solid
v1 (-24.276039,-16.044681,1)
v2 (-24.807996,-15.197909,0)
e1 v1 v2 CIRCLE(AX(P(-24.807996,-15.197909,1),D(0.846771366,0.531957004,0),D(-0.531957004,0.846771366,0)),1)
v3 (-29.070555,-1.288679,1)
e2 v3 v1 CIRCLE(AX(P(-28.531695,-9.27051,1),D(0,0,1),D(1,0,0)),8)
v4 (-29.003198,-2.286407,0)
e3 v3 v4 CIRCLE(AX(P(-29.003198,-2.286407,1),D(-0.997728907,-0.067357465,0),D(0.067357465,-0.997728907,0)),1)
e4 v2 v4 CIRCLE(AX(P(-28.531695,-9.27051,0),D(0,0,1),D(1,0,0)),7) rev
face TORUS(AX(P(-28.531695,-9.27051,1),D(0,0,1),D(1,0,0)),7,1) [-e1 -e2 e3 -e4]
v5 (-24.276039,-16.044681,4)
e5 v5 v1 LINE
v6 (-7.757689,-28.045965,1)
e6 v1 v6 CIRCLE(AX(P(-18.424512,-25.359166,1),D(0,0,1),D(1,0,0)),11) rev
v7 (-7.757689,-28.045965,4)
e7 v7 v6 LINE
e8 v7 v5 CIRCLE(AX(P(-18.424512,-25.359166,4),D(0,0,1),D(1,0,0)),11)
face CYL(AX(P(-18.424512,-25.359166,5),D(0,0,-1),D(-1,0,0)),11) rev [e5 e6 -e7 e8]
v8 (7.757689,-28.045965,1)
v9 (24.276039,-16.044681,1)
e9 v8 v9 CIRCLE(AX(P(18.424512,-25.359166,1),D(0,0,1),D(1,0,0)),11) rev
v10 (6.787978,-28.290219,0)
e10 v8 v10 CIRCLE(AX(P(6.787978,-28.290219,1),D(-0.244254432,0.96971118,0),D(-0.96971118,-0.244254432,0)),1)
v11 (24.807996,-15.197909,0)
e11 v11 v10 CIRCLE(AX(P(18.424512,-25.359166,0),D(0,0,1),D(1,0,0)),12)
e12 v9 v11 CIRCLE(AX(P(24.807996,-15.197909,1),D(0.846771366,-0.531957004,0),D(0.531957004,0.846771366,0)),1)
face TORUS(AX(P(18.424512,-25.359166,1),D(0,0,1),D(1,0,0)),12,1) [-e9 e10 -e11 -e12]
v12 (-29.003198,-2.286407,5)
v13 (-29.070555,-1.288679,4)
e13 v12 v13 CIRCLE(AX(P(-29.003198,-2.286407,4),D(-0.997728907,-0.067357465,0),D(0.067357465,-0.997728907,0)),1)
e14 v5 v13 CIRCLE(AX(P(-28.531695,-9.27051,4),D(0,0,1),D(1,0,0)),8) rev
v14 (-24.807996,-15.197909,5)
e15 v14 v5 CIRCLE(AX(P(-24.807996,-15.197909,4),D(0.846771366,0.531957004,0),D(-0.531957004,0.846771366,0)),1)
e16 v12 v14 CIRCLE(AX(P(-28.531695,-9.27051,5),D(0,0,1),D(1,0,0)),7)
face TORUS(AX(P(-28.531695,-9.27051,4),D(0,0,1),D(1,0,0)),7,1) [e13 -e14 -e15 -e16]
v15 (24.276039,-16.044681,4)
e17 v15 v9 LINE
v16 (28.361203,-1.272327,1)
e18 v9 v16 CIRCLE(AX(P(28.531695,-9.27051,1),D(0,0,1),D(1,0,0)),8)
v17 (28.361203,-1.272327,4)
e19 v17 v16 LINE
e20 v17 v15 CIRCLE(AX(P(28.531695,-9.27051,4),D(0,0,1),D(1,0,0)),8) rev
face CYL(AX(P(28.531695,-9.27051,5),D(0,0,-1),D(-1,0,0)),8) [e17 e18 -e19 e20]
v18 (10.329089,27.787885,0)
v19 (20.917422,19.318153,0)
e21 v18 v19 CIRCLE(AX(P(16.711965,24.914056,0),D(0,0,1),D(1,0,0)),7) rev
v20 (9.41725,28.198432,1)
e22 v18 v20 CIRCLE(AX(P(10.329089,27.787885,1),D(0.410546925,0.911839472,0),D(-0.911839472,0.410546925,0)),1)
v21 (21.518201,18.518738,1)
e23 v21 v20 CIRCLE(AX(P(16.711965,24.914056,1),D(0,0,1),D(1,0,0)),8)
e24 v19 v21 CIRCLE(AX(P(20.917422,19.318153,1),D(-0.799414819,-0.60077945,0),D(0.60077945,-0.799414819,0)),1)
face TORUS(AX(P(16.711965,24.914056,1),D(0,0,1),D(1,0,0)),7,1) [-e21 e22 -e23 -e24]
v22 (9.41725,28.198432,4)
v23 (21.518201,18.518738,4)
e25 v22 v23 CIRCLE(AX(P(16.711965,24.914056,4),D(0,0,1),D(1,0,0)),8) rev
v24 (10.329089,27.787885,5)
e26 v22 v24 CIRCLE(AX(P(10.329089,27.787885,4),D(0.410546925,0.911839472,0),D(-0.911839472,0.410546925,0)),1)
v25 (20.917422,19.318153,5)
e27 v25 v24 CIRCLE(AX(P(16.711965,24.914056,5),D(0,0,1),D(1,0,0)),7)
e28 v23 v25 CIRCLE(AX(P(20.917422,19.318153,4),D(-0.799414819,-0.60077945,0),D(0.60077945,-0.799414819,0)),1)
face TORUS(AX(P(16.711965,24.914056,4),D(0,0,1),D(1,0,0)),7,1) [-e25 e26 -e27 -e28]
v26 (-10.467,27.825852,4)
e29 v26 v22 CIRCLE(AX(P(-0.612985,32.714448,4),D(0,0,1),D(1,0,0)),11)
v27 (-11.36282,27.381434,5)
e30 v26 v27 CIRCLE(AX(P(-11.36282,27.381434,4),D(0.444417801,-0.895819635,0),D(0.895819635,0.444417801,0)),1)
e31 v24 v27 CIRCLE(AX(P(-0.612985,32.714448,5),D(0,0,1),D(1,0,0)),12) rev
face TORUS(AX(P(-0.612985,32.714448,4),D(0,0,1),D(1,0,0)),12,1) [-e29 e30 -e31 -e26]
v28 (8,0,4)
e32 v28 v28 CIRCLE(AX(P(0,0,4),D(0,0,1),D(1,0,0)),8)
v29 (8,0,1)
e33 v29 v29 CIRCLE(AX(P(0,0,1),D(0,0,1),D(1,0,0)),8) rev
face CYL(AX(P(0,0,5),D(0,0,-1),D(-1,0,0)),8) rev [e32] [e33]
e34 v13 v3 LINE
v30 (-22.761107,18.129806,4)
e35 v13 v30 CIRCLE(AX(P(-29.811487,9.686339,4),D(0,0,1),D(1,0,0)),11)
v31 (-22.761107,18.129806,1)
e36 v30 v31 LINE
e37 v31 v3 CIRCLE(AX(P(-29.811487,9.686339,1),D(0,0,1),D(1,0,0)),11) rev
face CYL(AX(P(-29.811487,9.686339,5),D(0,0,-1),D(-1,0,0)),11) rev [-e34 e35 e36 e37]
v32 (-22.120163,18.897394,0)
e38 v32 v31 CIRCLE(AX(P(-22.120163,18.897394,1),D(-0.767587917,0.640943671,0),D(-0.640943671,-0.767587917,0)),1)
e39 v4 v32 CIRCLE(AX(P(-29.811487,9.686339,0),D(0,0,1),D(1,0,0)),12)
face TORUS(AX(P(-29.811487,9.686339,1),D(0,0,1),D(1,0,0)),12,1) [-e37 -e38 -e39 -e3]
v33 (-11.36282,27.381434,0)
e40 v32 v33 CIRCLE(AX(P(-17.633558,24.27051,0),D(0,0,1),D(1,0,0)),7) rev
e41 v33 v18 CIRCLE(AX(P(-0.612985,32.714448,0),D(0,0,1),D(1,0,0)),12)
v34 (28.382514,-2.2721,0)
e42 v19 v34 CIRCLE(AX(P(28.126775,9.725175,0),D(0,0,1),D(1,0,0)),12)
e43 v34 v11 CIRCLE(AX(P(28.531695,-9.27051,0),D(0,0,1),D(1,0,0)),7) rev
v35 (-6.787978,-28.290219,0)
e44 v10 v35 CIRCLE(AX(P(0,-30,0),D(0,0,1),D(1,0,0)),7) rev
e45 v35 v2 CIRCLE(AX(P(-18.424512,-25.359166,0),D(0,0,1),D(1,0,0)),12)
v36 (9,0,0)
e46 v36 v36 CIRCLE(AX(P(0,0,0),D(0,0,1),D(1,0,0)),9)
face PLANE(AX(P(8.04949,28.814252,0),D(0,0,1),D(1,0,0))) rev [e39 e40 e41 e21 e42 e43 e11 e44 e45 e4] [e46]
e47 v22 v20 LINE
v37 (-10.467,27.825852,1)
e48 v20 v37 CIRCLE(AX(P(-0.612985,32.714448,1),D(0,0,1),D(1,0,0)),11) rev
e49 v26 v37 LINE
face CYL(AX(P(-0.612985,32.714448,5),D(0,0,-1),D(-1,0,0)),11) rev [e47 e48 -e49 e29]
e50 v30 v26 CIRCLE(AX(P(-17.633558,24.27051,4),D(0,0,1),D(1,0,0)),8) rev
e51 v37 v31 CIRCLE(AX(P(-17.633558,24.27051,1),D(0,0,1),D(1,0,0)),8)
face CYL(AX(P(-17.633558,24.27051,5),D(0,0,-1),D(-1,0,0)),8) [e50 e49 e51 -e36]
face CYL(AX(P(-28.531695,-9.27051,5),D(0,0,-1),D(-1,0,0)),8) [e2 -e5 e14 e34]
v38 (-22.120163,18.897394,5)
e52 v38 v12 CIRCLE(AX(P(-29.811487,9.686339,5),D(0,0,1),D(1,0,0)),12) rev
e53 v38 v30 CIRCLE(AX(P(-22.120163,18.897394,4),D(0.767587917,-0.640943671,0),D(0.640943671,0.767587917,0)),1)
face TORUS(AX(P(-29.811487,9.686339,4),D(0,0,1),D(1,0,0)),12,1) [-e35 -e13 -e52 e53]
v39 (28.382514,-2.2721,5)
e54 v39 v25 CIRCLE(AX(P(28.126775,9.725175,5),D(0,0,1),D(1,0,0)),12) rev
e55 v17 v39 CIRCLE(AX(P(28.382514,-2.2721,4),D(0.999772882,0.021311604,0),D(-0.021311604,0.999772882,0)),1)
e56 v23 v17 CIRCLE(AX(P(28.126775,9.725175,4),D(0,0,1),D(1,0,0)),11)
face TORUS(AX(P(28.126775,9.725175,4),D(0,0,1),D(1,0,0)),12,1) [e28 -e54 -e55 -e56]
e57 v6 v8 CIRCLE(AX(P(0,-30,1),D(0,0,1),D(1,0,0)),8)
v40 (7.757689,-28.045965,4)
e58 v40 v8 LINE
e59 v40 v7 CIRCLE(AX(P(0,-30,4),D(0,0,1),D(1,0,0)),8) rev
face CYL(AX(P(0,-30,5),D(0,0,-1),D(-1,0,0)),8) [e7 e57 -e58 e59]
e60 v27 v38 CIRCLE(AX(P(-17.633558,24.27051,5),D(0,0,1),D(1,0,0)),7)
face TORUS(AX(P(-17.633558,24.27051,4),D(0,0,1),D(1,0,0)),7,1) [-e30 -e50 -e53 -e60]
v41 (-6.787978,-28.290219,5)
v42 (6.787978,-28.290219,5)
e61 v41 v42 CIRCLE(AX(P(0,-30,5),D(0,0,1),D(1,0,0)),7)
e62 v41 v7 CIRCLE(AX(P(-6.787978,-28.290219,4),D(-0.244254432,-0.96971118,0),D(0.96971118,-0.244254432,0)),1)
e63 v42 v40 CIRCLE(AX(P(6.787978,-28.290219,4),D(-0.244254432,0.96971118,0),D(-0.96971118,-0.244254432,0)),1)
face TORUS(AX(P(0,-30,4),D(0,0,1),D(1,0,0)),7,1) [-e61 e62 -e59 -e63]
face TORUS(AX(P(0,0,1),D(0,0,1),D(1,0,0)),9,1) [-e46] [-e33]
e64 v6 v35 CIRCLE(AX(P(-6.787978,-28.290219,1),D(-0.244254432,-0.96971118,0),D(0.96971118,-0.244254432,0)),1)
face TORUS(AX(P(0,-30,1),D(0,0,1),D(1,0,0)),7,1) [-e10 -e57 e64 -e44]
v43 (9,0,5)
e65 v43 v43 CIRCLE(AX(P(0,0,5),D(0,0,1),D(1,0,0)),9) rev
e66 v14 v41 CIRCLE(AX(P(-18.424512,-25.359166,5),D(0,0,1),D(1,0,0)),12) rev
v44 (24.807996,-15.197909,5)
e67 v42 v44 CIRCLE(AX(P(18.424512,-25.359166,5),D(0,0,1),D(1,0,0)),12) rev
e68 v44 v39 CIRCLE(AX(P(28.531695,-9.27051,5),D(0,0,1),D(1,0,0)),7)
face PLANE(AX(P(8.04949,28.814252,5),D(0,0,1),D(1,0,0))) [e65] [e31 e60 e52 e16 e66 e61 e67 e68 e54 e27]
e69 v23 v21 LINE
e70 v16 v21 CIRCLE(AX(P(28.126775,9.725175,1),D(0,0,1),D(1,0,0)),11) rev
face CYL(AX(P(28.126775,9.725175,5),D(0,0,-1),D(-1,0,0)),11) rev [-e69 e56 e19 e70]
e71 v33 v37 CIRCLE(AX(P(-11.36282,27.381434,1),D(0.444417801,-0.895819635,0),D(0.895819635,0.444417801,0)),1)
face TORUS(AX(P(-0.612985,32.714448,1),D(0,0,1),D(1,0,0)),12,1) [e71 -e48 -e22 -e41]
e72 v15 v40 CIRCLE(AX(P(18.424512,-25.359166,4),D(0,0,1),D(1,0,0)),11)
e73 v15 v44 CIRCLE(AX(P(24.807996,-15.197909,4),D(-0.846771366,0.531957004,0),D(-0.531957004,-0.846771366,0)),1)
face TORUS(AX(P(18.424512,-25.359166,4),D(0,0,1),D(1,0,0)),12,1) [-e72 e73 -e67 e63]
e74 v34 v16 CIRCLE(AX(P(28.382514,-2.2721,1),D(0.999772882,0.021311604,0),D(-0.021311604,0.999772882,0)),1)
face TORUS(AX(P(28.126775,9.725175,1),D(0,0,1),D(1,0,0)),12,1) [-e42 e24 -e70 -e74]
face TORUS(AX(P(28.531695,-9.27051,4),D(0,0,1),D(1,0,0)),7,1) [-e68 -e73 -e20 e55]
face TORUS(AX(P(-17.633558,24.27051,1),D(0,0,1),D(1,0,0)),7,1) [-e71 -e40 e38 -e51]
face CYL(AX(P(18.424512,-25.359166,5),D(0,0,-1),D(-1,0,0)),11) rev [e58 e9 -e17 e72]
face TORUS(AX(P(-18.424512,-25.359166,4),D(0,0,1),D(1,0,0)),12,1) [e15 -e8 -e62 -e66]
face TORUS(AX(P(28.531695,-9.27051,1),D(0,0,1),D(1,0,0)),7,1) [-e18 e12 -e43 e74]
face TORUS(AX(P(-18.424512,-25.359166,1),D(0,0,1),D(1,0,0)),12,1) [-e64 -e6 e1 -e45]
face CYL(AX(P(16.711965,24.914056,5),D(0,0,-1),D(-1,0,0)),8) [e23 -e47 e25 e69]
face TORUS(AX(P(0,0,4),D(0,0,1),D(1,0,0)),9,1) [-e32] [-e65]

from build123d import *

# Parameters (mm, degrees)
SKETCH_1_R      = 8
EXTRUDE_1_DEPTH = 5
FILLET_1_R      = 1
FILLET_2_R      = 1
FILLET_3_R      = 1
FILLET_4_R      = 1


with BuildPart() as part:
    # 草图1 → 凸台-拉伸1 (new body)
    with BuildSketch(Plane.XY):
        with BuildLine():
            ThreePointArc((24.276039458, -16.044680758), (36.242292676, -11.402806952), (28.361202656, -1.272326775))
            ThreePointArc((28.361202656, -1.272326775), (17.73067017, 6.130595097), (21.51820106, 18.518737933))
            ThreePointArc((21.51820106, 18.518737933), (21.709189903, 31.161275695), (9.417249685, 28.19843188))
            ThreePointArc((9.417249685, 28.19843188), (-0.406909008, 21.716378544), (-10.46700049, 27.82585224))
            ThreePointArc((-10.46700049, 27.82585224), (-22.587617913, 30.552013322), (-22.761106936, 18.129806493))
            ThreePointArc((-22.761106936, 18.129806493), (-19.349865636, 6.287152465), (-29.070555205, -1.288678575))
            ThreePointArc((-29.070555205, -1.288678575), (-36.140147619, -11.742645786), (-24.276039458, -16.044680758))
            ThreePointArc((-24.276039458, -16.044680758), (-11.958874641, -16.459978845), (-7.757689438, -28.04596454))
            ThreePointArc((-7.757689438, -28.04596454), (0, -38), (7.757689438, -28.04596454))
            ThreePointArc((7.757689438, -28.04596454), (11.958874641, -16.459978845), (24.276039458, -16.044680758))
        make_face()
        Circle(SKETCH_1_R, mode=Mode.SUBTRACT)
    extrude(amount=EXTRUDE_1_DEPTH)

    # 圆角1
    fillet_1_edges = [part.edges().sort_by_distance(p)[0] for p in [
        (-19.349865636, 6.287152465, 5),
        (-36.140147619, -11.742645786, 5),
        (-11.958874641, -16.459978845, 5),
        (0, -38, 5),
        (11.958874641, -16.459978845, 5),
        (36.242292676, -11.402806952, 5),
        (17.73067017, 6.130595097, 5),
        (21.709189903, 31.161275695, 5),
        (-0.406909008, 21.716378544, 5),
        (-22.587617913, 30.552013322, 5),
    ]]
    fillet(fillet_1_edges, radius=FILLET_1_R)

    # 圆角2
    fillet_2_edges = [part.edges().sort_by_distance(p)[0] for p in [
        (21.709189903, 31.161275695, 0),
        (17.73067017, 6.130595097, 0),
        (36.242292676, -11.402806952, 0),
        (11.958874641, -16.459978845, 0),
        (0, -38, 0),
        (-11.958874641, -16.459978845, 0),
        (-36.140147619, -11.742645786, 0),
        (-19.349865636, 6.287152465, 0),
        (-22.587617913, 30.552013322, 0),
        (-0.406909008, 21.716378544, 0),
    ]]
    fillet(fillet_2_edges, radius=FILLET_2_R)

    # 圆角3
    fillet_3_edges = [part.edges().sort_by_distance(p)[0] for p in [
        (-8, 0, 5),
    ]]
    fillet(fillet_3_edges, radius=FILLET_3_R)

    # 圆角4
    fillet_4_edges = [part.edges().sort_by_distance(p)[0] for p in [
        (-8, 0, 0),
    ]]
    fillet(fillet_4_edges, radius=FILLET_4_R)


solid = part.part
